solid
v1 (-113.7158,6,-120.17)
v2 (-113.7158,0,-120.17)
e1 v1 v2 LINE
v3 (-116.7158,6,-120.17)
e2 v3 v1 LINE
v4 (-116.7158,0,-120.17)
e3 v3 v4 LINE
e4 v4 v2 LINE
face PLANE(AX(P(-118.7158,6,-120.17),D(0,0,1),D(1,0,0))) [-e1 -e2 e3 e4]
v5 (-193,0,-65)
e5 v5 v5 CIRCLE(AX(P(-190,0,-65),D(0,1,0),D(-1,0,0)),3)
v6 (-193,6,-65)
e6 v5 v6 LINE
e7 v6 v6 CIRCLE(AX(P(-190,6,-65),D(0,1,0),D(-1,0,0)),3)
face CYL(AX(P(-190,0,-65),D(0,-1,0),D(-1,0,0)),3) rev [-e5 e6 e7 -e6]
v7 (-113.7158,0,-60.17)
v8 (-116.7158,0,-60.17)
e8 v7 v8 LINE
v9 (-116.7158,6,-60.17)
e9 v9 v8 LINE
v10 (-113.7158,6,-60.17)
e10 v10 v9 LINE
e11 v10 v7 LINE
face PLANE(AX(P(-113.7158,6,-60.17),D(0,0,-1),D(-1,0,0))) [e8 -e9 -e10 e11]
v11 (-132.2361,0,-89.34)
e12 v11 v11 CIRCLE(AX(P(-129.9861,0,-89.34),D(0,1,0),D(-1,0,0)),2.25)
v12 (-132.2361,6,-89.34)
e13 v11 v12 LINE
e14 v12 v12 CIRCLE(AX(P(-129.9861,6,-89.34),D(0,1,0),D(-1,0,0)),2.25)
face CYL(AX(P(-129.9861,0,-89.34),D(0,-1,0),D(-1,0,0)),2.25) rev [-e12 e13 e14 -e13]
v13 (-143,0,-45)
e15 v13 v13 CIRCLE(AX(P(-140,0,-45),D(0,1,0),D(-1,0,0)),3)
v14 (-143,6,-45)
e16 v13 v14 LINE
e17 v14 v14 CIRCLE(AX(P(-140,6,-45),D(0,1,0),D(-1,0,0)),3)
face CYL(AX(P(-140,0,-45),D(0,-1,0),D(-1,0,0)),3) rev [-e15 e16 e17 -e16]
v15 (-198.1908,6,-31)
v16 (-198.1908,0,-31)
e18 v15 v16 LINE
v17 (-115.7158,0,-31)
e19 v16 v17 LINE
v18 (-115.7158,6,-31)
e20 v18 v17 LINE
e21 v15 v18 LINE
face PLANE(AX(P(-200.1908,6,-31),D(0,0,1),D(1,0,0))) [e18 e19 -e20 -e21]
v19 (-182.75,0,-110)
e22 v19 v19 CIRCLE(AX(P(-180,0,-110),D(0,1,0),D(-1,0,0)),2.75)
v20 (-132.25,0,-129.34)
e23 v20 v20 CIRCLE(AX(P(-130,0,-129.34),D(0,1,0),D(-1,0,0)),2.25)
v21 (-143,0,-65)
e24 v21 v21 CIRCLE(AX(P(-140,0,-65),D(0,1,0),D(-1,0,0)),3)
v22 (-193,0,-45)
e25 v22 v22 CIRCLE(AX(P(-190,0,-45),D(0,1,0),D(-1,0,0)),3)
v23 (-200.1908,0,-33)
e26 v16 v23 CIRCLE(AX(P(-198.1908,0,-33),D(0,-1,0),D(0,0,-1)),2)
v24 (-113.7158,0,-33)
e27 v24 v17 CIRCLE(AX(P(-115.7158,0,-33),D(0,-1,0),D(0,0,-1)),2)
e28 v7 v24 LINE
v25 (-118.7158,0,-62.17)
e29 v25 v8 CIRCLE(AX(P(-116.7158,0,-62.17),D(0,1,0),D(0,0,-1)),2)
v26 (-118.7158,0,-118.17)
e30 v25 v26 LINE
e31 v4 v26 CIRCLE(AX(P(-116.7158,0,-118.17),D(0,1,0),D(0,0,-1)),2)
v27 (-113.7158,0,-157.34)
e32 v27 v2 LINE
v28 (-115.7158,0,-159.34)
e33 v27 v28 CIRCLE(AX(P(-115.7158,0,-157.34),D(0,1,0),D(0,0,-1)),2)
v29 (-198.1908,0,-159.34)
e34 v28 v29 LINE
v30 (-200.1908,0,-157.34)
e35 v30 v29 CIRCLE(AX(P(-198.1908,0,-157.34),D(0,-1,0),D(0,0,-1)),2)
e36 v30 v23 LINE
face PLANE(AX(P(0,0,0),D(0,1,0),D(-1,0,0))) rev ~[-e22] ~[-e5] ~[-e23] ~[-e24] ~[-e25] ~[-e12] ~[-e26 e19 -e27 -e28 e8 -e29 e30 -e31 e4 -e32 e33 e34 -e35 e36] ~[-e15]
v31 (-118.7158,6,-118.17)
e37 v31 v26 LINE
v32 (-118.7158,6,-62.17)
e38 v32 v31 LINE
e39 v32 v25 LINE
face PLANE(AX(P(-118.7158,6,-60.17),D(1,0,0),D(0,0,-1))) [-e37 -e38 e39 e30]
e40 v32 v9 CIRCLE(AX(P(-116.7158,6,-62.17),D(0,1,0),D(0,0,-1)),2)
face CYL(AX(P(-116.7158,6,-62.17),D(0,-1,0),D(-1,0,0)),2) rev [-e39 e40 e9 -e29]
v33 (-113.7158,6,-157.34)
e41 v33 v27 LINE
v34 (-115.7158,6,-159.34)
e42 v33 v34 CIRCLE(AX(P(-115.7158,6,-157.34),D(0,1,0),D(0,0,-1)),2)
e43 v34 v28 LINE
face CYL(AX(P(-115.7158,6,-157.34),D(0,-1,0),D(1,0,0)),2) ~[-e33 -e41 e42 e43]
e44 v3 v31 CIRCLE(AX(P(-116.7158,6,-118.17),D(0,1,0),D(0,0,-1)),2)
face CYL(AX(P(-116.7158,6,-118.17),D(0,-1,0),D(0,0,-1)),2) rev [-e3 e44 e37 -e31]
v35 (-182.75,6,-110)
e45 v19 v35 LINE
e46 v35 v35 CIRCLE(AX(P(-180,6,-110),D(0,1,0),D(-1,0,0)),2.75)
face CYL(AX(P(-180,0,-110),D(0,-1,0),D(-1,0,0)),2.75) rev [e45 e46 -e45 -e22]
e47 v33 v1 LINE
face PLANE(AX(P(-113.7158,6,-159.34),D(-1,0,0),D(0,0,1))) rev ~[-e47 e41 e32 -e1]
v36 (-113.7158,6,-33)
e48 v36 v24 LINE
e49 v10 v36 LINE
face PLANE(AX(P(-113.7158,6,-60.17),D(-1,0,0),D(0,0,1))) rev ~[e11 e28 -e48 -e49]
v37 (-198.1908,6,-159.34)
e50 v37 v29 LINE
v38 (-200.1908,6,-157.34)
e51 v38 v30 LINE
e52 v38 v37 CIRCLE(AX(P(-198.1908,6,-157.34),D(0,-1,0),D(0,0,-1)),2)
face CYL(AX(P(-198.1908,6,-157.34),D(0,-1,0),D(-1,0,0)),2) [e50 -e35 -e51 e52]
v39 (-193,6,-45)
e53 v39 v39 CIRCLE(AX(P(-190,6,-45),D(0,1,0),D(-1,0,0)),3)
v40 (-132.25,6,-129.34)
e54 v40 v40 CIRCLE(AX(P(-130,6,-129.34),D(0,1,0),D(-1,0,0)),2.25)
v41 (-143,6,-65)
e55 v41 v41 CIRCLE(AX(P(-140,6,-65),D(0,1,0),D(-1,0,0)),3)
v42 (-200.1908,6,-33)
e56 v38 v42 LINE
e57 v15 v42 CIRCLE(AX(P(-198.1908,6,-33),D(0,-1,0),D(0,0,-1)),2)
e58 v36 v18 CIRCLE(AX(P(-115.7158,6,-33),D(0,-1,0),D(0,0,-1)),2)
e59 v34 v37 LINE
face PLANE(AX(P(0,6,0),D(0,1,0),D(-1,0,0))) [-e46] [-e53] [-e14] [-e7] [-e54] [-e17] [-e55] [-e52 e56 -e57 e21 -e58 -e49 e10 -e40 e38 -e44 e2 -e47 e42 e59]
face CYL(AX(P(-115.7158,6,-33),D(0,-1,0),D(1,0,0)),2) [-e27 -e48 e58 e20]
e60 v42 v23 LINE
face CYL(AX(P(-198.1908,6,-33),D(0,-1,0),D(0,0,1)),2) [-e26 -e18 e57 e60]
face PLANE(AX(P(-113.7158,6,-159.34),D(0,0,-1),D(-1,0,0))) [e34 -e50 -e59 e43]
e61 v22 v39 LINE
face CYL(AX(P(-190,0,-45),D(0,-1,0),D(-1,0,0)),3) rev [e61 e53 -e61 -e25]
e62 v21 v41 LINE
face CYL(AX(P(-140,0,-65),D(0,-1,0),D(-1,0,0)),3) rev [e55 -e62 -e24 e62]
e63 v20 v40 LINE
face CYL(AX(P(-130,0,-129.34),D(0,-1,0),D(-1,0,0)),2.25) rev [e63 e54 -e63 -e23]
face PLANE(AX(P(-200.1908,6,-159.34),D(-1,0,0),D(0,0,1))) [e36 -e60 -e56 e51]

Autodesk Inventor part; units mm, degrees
ref_plane "YZ Plane" through (0, 0, 0) normal (1, 0, 0) x (0, 1, 0)
ref_plane "XZ Plane" through (0, 0, 0) normal (0, 1, 0) x (-1, 0, 0)
ref_plane "XY Plane" through (0, 0, 0) normal (0, 0, 1) x (1, 0, 0)
sketch "Sketch1" plane through (0, 0, 0) normal (0, 1, 0) x (-1, 0, 0)
  line L0 (232.1908, -176.5808) -> (232.1908, -3.7592)
  arc A0 (232.1908, -3.7592) -> (227.4316, 1) centre (227.4316, -3.7592) ccw
  line L1 (227.4316, 1) -> (0, 1)
  arc A1 (0, 1) -> (-4.7592, -3.7592) centre (0, -3.7592) ccw
  arc A2 (-4.7592, -176.5808) -> (0, -181.34) centre (0, -176.5808) ccw
  arc A3 (227.4316, -181.34) -> (232.1908, -176.5808) centre (227.4316, -176.5808) ccw
  circle A4 centre (130, -129.34) radius 2.25
  circle A5 centre (129.9861, -89.34) radius 2.25
  circle A6 centre (90, -129.34) radius 2.25
  circle A7 centre (89.9861, -89.34) radius 2.25
  circle A8 centre (180, -110) radius 2.75
  circle A9 centre (55, -110) radius 2.75
  circle A10 centre (90, -45) radius 3
  circle A11 centre (190, -45) radius 3
  circle A12 centre (190, -65) radius 3
  circle A13 centre (90, -65) radius 3
  circle A14 centre (140, -45) radius 3
  circle A15 centre (40, -45) radius 3
  circle A16 centre (140, -65) radius 3
  circle A17 centre (40, -65) radius 3
  line L2 (230.1908, -176.5808) -> (230.1908, -3.7592)
  arc A18 (230.1908, -3.7592) -> (227.4316, -1) centre (227.4316, -3.7592) ccw
  line L3 (227.4316, -1) -> (0, -1)
  arc A19 (0, -1) -> (-2.7592, -3.7592) centre (0, -3.7592) ccw
  arc A20 (-2.7592, -176.5808) -> (0, -179.34) centre (0, -176.5808) ccw
  arc A21 (227.4316, -179.34) -> (230.1908, -176.5808) centre (227.4316, -176.5808) ccw
  line L4 (-4.7592, -3.7592) -> (-4.7592, -176.5808)
  line L5 (-2.7592, -3.7592) -> (-2.7592, -176.5808)
  line L6 (0, -179.34) -> (227.4316, -179.34)
  line L7 (227.4316, -181.34) -> (0, -181.34)
  line L8 (0, 0) -> (0, -15)
  line L9 (0, 0) -> (15, 0) construction
  line L10 (0, 0) -> (15, 0)
  line L11 (0, 0) -> (15, 0) construction
  circle A22 centre (20, -155) radius 2.25
  circle A23 centre (76, -155) radius 2.25
  circle A24 centre (20, -99) radius 2.25
  point P0 (230.1908, -3.7592)
  point P1 (0, -1)
  dimension "d0" = 2
  dimension "d1" = 2
  dimension "d2" = 2
  dimension "d3" = 2
  dimension "d5" = 2
  dimension "d7" = 2
  dimension "d8" = 227.4316
  dimension "d9" = 172.8216
  dimension "d10" = 4.7592
  dimension "d45" = 15
  dimension "d46" = 90
  dimension "d47" = 15
  dimension "d48" = 0
  dimension "d49" = 110
  dimension "d50" = 55
  dimension "d51" = 125
  dimension "d52" = 110
  dimension "d54" = 40
  dimension "d55" = 40
  dimension "d56" = 40
  dimension "d57" = 40
  dimension "d58" = 50
  dimension "d59" = 100.1908
  dimension "d60" = 2.7592
  dimension "d61" = 1
  dimension "d62" = 4.7592
  dimension "d63" = 178.34
  dimension "d64" = 180.34
  dimension "d65" = 172.8216
  dimension "d66" = 230.1908
  dimension "d67" = 4.5
  dimension "d68" = 5.5
  dimension "d69" = 6
  dimension "d70" = 40.1908
  dimension "d71" = 64
  dimension "d72" = 20
  dimension "d73" = 50
  dimension "d74" = 50
  dimension "d75" = 50
  dimension "d76" = 20
  dimension "d77" = 20
  dimension "d78" = 20
  dimension "d79" = 50
  dimension "d87" = 4.5
  dimension "d89" = 45
  dimension "d90" = 35
  dimension "d91" = 4.5
  dimension "d92" = 56
  dimension "d93" = 4.5
  dimension "d94" = 56
extrude "Extrusion1" add sketch "Sketch1" along normal blind 6 contours A21 L6 A20 L5 A19 L3 A18 L2
sketch "Sketch2" plane through (0, 6, 0) normal (0, 1, 0) x (1, 0, 0)
  line L0 (-232.1908, 176.5808) -> (-232.1908, 3.7592)
  arc A0 (-232.1908, 3.7592) -> (-227.4316, -1) centre (-227.4316, 3.7592) ccw
  line L1 (-227.4316, -1) -> (0, -1)
  arc A1 (0, -1) -> (4.7592, 3.7592) centre (0, 3.7592) ccw
  arc A2 (4.7592, 176.5808) -> (0, 181.34) centre (0, 176.5808) ccw
  arc A3 (-227.4316, 181.34) -> (-232.1908, 176.5808) centre (-227.4316, 176.5808) ccw
  line L2 (-230.1908, 176.5808) -> (-230.1908, 3.7592)
  arc A4 (-230.1908, 3.7592) -> (-227.4316, 1) centre (-227.4316, 3.7592) ccw
  line L3 (-227.4316, 1) -> (0, 1)
  arc A5 (0, 1) -> (2.7592, 3.7592) centre (0, 3.7592) ccw
  arc A6 (2.7592, 176.5808) -> (0, 179.34) centre (0, 176.5808) ccw
  arc A7 (-227.4316, 179.34) -> (-230.1908, 176.5808) centre (-227.4316, 176.5808) ccw
  line L4 (4.7592, 3.7592) -> (4.7592, 176.5808)
  line L5 (2.7592, 3.7592) -> (2.7592, 176.5808)
  line L6 (0, 179.34) -> (-227.4316, 179.34)
  line L7 (-227.4316, 181.34) -> (0, 181.34)
  line L8 (0, 179.34) -> (-227.4316, 179.34) projected
  line L9 (-113.7158, 179.34) -> (-113.7158, 1)
  line L10 (-227.4316, 1) -> (0, 1) projected
  line L11 (-118.7158, 120.17) -> (-108.7158, 120.17)
  line L12 (-108.7158, 120.17) -> (-108.7158, 60.17)
  line L13 (-108.7158, 60.17) -> (-118.7158, 60.17)
  line L14 (-118.7158, 60.17) -> (-118.7158, 120.17)
  line L15 (-118.7158, 120.17) -> (-108.7158, 60.17) construction
  line L16 (-108.7158, 120.17) -> (-118.7158, 60.17) construction
  line L17 (-113.7158, 179.34) -> (-113.7158, 179.34)
  line L18 (2.7592, 159.34) -> (-230.1908, 159.34)
  line L19 (-230.1908, 159.34) -> (-230.1908, 199.34)
  line L20 (-230.1908, 199.34) -> (2.7592, 199.34)
  line L21 (2.7592, 199.34) -> (2.7592, 159.34)
  line L22 (2.7592, 159.34) -> (-230.1908, 199.34) construction
  line L23 (-230.1908, 159.34) -> (2.7592, 199.34) construction
  line L24 (-113.7158, 1) -> (-113.7158, 16)
  line L25 (-230.1908, 31) -> (2.7592, 31)
  line L26 (2.7592, 31) -> (2.7592, 1)
  line L27 (2.7592, 1) -> (-230.1908, 1)
  line L28 (-230.1908, 1) -> (-230.1908, 31)
  line L29 (-230.1908, 31) -> (2.7592, 1) construction
  line L30 (2.7592, 31) -> (-230.1908, 1) construction
  line L31 (-227.4316, 1) -> (0, 1) projected
  line L32 (-230.1908, 199.34) -> (-200.1908, 199.34)
  line L33 (-200.1908, 199.34) -> (-200.1908, 1)
  line L34 (-200.1908, 1) -> (-230.1908, 1)
  line L35 (-230.1908, 1) -> (-230.1908, 199.34)
  line L36 (2.7592, 1) -> (-7.2408, 1)
  line L37 (-7.2408, 1) -> (-7.2408, 199.34)
  line L38 (-7.2408, 199.34) -> (2.7592, 199.34)
  line L39 (2.7592, 199.34) -> (2.7592, 1)
  point P0 (230.1908, -176.5808)
  point P1 (230.1908, -3.7592)
  point P2 (227.4316, -1)
  point P3 (0, -1)
  point P4 (0, 0)
  point P5 (230.1908, -176.5808)
  point P6 (230.1908, -3.7592)
  point P7 (227.4316, -1)
  point P8 (0, -1)
  point P9 (-113.7158, 90.17)
  point P10 (-113.7158, 120.17)
  point P11 (-113.7158, 60.17)
  point P12 (-113.7158, 1)
  point P13 (0, 1)
  point P14 (-230.1908, 3.7592)
  point P15 (-227.4316, 1)
  point P16 (-113.7158, 159.34)
  point P17 (-7.2408, 159.34)
  point P18 (-7.2408, 31)
  point P19 (-113.7158, 31)
  point P20 (2.7592, 3.7592)
  point P21 (2.7592, 176.5808)
  point P22 (-7.2408, 179.34)
  point P23 (-200.1908, 159.34)
  point P24 (-200.1908, 31)
  dimension "d22" = 2
  dimension "d23" = 2
  dimension "d24" = 2
  dimension "d25" = 2
  dimension "d26" = 2
  dimension "d27" = 2
  dimension "d28" = 227.4316
  dimension "d29" = 172.8216
  dimension "d30" = 4.7592
  dimension "d31" = 10
  dimension "d32" = 60
  dimension "d37" = 0
  dimension "d38" = 40
  dimension "d39" = 15
  dimension "d40" = 30
  dimension "d41" = 30
  dimension "d42" = 10
extrude "Extrusion4" cut sketch "Sketch2" against normal through all contours A7 L6 L33 L18 L2 | L18 L33 L25 L2 | L37 L20 L21 A2 L7 | L7 A2 L21 A6 L6 L37 | L6 L9 L18 L33 | L25 L33 L3 A4 L2 | L37 L18 L9 L6 | L6 A6 L5 L18 L37 | L25 L9 L3 L33 | L18 L37 L25 L9 L13 L12 L11 | L18 L5 L25 L37 | L25 L37 L3 L9 | L11 L12 L13 L9 | L9 L13 L14 L11 | L25 L5 A5 L3 L37 | L26 L27 A5
fillet "Fillet4" radius 2 6 edges at (-113.7158, 3, -31) (-200.1908, 3, -31) (-118.7158, 3, -120.17) (-118.7158, 3, -60.17) (-113.7158, 3, -159.34) (-200.1908, 3, -159.34)
equation "\"d1\" = d0"
equation "\"d2\" = d0"
equation "\"d3\" = d0"
equation "\"d5\" = d0"
equation "\"d7\" = d0"
equation "\"d23\" = d22"
equation "\"d24\" = d22"
equation "\"d25\" = d22"
equation "\"d26\" = d22"
equation "\"d27\" = d22"
properties part number "EboxBottom_1"
